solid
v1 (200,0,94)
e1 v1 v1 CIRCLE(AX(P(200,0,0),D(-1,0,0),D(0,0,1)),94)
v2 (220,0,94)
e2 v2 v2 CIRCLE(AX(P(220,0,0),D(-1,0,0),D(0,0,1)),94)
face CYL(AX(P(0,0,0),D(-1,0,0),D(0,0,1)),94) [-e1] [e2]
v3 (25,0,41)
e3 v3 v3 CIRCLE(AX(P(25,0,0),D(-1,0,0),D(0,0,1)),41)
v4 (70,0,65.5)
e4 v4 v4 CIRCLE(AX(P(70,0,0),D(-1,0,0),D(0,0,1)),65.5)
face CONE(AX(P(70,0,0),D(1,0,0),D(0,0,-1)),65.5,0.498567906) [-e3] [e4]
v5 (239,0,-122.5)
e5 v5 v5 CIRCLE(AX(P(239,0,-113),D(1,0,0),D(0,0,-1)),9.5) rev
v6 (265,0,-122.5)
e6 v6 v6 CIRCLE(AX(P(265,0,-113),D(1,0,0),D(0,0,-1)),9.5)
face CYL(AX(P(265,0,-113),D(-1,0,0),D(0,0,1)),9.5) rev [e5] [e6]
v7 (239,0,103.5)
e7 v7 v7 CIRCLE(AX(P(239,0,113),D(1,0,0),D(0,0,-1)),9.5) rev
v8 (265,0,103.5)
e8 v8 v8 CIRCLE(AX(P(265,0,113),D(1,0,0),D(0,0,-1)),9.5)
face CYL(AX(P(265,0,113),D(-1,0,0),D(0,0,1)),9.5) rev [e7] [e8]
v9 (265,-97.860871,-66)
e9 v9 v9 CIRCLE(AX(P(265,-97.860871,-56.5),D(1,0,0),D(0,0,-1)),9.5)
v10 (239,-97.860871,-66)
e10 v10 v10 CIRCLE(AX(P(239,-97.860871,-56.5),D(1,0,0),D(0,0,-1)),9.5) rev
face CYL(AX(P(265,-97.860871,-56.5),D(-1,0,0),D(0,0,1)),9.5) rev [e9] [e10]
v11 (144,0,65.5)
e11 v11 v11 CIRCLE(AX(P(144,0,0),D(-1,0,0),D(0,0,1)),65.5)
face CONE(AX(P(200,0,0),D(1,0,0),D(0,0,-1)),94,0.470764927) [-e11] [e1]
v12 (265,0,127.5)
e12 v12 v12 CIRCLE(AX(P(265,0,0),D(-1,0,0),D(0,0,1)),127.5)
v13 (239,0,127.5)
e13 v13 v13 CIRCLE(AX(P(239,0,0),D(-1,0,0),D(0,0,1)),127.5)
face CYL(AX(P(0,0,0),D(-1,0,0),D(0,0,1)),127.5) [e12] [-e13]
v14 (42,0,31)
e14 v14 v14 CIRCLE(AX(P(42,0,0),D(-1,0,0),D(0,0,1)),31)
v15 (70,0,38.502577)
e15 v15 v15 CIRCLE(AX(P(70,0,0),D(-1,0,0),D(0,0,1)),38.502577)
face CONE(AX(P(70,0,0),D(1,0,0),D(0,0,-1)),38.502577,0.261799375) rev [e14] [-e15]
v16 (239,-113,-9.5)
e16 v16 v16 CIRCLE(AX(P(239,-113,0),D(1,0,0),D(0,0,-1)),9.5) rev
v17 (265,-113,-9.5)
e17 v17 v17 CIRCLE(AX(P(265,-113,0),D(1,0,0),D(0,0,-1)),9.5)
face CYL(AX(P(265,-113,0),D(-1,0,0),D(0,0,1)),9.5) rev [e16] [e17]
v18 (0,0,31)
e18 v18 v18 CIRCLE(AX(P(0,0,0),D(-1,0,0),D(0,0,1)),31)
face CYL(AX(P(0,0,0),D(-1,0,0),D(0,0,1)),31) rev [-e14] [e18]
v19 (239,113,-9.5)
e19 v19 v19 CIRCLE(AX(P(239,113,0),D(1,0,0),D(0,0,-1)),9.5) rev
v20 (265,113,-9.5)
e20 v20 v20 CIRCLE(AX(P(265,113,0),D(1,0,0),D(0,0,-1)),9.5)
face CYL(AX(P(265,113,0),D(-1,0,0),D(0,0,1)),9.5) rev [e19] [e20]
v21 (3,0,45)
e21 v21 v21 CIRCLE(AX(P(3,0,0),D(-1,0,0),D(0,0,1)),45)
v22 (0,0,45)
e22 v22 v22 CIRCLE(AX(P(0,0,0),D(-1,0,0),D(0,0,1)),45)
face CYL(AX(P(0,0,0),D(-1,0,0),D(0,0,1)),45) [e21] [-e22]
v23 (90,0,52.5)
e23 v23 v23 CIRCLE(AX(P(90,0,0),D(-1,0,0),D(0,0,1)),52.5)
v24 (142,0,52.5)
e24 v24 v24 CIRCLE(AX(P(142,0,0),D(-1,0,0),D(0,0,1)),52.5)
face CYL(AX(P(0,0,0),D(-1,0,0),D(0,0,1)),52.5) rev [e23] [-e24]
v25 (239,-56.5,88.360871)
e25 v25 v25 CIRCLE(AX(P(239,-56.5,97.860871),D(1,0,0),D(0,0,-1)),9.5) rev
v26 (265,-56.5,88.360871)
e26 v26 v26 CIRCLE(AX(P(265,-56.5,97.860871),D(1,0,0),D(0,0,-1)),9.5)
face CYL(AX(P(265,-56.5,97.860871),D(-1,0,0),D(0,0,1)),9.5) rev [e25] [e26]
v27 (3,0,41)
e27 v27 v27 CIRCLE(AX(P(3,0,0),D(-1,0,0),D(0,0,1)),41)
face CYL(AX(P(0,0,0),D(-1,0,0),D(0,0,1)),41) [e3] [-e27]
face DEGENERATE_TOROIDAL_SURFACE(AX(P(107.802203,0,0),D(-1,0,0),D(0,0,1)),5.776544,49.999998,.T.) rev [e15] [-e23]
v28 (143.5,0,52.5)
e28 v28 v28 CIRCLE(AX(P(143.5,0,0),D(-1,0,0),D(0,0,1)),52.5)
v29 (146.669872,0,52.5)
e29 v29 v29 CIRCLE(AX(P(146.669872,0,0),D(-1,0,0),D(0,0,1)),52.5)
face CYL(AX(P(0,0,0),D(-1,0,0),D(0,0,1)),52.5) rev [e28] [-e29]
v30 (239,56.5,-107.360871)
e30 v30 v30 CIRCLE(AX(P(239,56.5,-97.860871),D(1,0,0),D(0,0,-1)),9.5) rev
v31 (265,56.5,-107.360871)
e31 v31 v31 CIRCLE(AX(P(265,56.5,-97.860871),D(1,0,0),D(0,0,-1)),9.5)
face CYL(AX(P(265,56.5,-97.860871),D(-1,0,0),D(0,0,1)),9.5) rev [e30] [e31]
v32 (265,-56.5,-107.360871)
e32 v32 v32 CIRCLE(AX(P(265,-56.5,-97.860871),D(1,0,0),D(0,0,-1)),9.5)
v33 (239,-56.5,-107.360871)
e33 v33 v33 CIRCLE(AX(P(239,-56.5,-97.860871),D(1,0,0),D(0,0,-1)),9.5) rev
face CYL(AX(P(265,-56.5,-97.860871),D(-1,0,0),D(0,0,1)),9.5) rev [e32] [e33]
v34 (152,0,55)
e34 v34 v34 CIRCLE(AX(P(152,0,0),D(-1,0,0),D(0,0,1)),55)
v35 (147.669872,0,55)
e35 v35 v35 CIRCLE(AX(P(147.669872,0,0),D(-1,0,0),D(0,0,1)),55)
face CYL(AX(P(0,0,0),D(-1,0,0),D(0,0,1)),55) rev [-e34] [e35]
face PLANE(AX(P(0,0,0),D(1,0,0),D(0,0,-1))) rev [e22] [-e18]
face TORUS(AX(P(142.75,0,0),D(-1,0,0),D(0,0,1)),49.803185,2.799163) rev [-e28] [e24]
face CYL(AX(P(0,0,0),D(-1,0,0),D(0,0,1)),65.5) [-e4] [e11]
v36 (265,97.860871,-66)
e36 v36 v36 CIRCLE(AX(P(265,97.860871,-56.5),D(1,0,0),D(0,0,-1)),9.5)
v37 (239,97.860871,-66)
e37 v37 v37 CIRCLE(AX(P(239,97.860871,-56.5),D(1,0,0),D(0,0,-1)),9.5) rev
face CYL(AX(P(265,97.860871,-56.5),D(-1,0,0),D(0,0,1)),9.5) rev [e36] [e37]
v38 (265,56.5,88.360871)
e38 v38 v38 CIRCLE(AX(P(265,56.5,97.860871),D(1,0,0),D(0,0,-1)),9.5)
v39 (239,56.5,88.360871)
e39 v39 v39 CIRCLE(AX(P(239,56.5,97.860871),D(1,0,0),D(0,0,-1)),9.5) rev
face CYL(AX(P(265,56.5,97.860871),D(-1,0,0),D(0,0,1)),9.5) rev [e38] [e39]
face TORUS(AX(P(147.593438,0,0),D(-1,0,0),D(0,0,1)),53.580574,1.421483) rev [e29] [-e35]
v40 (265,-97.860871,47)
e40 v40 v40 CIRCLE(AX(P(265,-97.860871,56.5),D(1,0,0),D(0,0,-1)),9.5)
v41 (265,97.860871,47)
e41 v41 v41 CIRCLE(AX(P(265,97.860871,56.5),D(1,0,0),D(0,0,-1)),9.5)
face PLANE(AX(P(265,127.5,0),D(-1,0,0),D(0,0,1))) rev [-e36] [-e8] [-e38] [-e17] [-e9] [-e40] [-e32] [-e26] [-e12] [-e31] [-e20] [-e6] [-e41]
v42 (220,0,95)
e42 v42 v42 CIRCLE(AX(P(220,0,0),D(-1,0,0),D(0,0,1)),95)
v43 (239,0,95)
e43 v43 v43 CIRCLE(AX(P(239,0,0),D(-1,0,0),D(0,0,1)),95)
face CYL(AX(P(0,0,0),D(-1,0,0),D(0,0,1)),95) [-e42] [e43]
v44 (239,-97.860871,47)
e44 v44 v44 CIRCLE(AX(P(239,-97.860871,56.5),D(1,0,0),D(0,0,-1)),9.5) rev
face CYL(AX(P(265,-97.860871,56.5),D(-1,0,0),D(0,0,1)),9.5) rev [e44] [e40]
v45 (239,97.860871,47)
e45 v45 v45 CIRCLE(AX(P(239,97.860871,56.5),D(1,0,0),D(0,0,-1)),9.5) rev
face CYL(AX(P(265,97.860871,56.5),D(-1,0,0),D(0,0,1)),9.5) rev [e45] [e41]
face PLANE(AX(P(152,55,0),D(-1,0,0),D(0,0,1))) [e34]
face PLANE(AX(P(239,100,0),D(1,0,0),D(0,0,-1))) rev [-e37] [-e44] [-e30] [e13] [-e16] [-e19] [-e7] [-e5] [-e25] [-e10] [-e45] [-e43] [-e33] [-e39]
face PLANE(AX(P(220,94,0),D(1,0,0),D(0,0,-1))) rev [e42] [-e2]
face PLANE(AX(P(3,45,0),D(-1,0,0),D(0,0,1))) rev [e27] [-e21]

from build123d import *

# Parameters (mm, degrees)
SKETCH_3_R           = 9.5
CUT_EXTRUDE_1_DEPTH  = 321.526909947
SKETCH_4_R           = 9.5
CUT_EXTRUDE_2_DEPTH  = 321.526909947
SKETCH_5_R           = 9.5
CUT_EXTRUDE_3_DEPTH  = 321.526909947
SKETCH_6_R           = 9.5
CUT_EXTRUDE_4_DEPTH  = 321.526909947
SKETCH_7_R           = 9.5
CUT_EXTRUDE_5_DEPTH  = 321.526909947
SKETCH_8_R           = 9.5
CUT_EXTRUDE_6_DEPTH  = 321.526909947
SKETCH_9_R           = 9.5
CUT_EXTRUDE_7_DEPTH  = 321.526909947
SKETCH_10_R          = 9.5
CUT_EXTRUDE_8_DEPTH  = 321.526909947
SKETCH_11_R          = 9.5
CUT_EXTRUDE_9_DEPTH  = 321.526909947
SKETCH_12_R          = 9.5
CUT_EXTRUDE_10_DEPTH = 321.526909947
SKETCH_13_R          = 9.5
CUT_EXTRUDE_11_DEPTH = 321.526909947
SKETCH_14_R          = 9.5
CUT_EXTRUDE_12_DEPTH = 321.526909947


with BuildPart() as part:
    # Эскиз1 → Повернуть1 (revolve)
    with BuildSketch(Plane.XY, mode=Mode.PRIVATE) as revolve_1_sk:
        Polygon((0, 0), (265, 0), (265, 127.5), (239, 127.5), (239, 100), (239, 95), (220, 95), (220, 94), (200, 94), (144, 65.5), (70, 65.5), (25, 41), (3, 41), (3, 45), (0, 45), align=None)
    revolve(revolve_1_sk.sketch.rotate(Axis((0, 0, 0), (1, 0, 0)), 90), axis=Axis((0, 0, 0), (1, 0, 0)))

    # Эскиз2 → Вырез-Повернуть1 (revolve, cut)
    with BuildSketch(Plane.XY, mode=Mode.PRIVATE) as cut_revolve_1_sk:
        with BuildLine():
            Line((0, 0), (152, 0))
            Line((152, 0), (152, 55))
            Line((152, 55), (147.669872, 55))
            ThreePointArc((147.669872, 55), (146.273624348, 54.108499061), (146.669872, 52.5))
            Line((146.669872, 52.5), (143.5, 52.5))
            ThreePointArc((143.5, 52.5), (142.75, 52.602347572), (142, 52.5))
            Line((142, 52.5), (90, 52.5))
            ThreePointArc((90, 52.5), (79.13262933, 46.740617582), (70, 38.502577))
            Line((70, 38.502577), (42, 31))
            Line((42, 31), (0, 31))
            Line((0, 31), (0, 0))
        make_face()
    revolve(cut_revolve_1_sk.sketch.rotate(Axis((0, 0, 0), (1, 0, 0)), 90), axis=Axis((0, 0, 0), (1, 0, 0)), mode=Mode.SUBTRACT)

    # Эскиз3 → Вырез-Вытянуть1 (cut, through all)
    with BuildSketch(Plane(origin=(0, 0, 0), x_dir=(0, 0, -1), z_dir=(1, 0, 0))):
        with Locations((0, 113)):
            Circle(SKETCH_3_R)
    extrude(amount=CUT_EXTRUDE_1_DEPTH, mode=Mode.SUBTRACT)

    # Эскиз4 → Вырез-Вытянуть2 (cut, through all)
    with BuildSketch(Plane(origin=(0, 0, 0), x_dir=(0, 0, -1), z_dir=(1, 0, 0))):
        with Locations((-56.5, 97.860870628)):
            Circle(SKETCH_4_R)
    extrude(amount=CUT_EXTRUDE_2_DEPTH, mode=Mode.SUBTRACT)

    # Эскиз5 → Вырез-Вытянуть3 (cut, through all)
    with BuildSketch(Plane(origin=(0, 0, 0), x_dir=(0, 0, -1), z_dir=(1, 0, 0))):
        with Locations((-97.860870628, 56.5)):
            Circle(SKETCH_5_R)
    extrude(amount=CUT_EXTRUDE_3_DEPTH, mode=Mode.SUBTRACT)

    # Эскиз6 → Вырез-Вытянуть4 (cut, through all)
    with BuildSketch(Plane(origin=(0, 0, 0), x_dir=(0, 0, -1), z_dir=(1, 0, 0))):
        with Locations((-113, 0)):
            Circle(SKETCH_6_R)
    extrude(amount=CUT_EXTRUDE_4_DEPTH, mode=Mode.SUBTRACT)

    # Эскиз7 → Вырез-Вытянуть5 (cut, through all)
    with BuildSketch(Plane(origin=(0, 0, 0), x_dir=(0, 0, -1), z_dir=(1, 0, 0))):
        with Locations((-97.860870628, -56.5)):
            Circle(SKETCH_7_R)
    extrude(amount=CUT_EXTRUDE_5_DEPTH, mode=Mode.SUBTRACT)

    # Эскиз8 → Вырез-Вытянуть6 (cut, through all)
    with BuildSketch(Plane(origin=(0, 0, 0), x_dir=(0, 0, -1), z_dir=(1, 0, 0))):
        with Locations((-56.5, -97.860870628)):
            Circle(SKETCH_8_R)
    extrude(amount=CUT_EXTRUDE_6_DEPTH, mode=Mode.SUBTRACT)

    # Эскиз9 → Вырез-Вытянуть7 (cut, through all)
    with BuildSketch(Plane(origin=(0, 0, 0), x_dir=(0, 0, -1), z_dir=(1, 0, 0))):
        with Locations((0, -113)):
            Circle(SKETCH_9_R)
    extrude(amount=CUT_EXTRUDE_7_DEPTH, mode=Mode.SUBTRACT)

    # Эскиз10 → Вырез-Вытянуть8 (cut, through all)
    with BuildSketch(Plane(origin=(0, 0, 0), x_dir=(0, 0, -1), z_dir=(1, 0, 0))):
        with Locations((56.5, -97.860870628)):
            Circle(SKETCH_10_R)
    extrude(amount=CUT_EXTRUDE_8_DEPTH, mode=Mode.SUBTRACT)

    # Эскиз11 → Вырез-Вытянуть9 (cut, through all)
    with BuildSketch(Plane(origin=(0, 0, 0), x_dir=(0, 0, -1), z_dir=(1, 0, 0))):
        with Locations((97.860870628, -56.5)):
            Circle(SKETCH_11_R)
    extrude(amount=CUT_EXTRUDE_9_DEPTH, mode=Mode.SUBTRACT)

    # Эскиз12 → Вырез-Вытянуть10 (cut, through all)
    with BuildSketch(Plane(origin=(0, 0, 0), x_dir=(0, 0, -1), z_dir=(1, 0, 0))):
        with Locations((113, 0)):
            Circle(SKETCH_12_R)
    extrude(amount=CUT_EXTRUDE_10_DEPTH, mode=Mode.SUBTRACT)

    # Эскиз13 → Вырез-Вытянуть11 (cut, through all)
    with BuildSketch(Plane(origin=(0, 0, 0), x_dir=(0, 0, -1), z_dir=(1, 0, 0))):
        with Locations((97.860870628, 56.5)):
            Circle(SKETCH_13_R)
    extrude(amount=CUT_EXTRUDE_11_DEPTH, mode=Mode.SUBTRACT)

    # Эскиз14 → Вырез-Вытянуть12 (cut, through all)
    with BuildSketch(Plane(origin=(0, 0, 0), x_dir=(0, 0, -1), z_dir=(1, 0, 0))):
        with Locations((56.5, 97.860870628)):
            Circle(SKETCH_14_R)
    extrude(amount=CUT_EXTRUDE_12_DEPTH, mode=Mode.SUBTRACT)


solid = part.part
